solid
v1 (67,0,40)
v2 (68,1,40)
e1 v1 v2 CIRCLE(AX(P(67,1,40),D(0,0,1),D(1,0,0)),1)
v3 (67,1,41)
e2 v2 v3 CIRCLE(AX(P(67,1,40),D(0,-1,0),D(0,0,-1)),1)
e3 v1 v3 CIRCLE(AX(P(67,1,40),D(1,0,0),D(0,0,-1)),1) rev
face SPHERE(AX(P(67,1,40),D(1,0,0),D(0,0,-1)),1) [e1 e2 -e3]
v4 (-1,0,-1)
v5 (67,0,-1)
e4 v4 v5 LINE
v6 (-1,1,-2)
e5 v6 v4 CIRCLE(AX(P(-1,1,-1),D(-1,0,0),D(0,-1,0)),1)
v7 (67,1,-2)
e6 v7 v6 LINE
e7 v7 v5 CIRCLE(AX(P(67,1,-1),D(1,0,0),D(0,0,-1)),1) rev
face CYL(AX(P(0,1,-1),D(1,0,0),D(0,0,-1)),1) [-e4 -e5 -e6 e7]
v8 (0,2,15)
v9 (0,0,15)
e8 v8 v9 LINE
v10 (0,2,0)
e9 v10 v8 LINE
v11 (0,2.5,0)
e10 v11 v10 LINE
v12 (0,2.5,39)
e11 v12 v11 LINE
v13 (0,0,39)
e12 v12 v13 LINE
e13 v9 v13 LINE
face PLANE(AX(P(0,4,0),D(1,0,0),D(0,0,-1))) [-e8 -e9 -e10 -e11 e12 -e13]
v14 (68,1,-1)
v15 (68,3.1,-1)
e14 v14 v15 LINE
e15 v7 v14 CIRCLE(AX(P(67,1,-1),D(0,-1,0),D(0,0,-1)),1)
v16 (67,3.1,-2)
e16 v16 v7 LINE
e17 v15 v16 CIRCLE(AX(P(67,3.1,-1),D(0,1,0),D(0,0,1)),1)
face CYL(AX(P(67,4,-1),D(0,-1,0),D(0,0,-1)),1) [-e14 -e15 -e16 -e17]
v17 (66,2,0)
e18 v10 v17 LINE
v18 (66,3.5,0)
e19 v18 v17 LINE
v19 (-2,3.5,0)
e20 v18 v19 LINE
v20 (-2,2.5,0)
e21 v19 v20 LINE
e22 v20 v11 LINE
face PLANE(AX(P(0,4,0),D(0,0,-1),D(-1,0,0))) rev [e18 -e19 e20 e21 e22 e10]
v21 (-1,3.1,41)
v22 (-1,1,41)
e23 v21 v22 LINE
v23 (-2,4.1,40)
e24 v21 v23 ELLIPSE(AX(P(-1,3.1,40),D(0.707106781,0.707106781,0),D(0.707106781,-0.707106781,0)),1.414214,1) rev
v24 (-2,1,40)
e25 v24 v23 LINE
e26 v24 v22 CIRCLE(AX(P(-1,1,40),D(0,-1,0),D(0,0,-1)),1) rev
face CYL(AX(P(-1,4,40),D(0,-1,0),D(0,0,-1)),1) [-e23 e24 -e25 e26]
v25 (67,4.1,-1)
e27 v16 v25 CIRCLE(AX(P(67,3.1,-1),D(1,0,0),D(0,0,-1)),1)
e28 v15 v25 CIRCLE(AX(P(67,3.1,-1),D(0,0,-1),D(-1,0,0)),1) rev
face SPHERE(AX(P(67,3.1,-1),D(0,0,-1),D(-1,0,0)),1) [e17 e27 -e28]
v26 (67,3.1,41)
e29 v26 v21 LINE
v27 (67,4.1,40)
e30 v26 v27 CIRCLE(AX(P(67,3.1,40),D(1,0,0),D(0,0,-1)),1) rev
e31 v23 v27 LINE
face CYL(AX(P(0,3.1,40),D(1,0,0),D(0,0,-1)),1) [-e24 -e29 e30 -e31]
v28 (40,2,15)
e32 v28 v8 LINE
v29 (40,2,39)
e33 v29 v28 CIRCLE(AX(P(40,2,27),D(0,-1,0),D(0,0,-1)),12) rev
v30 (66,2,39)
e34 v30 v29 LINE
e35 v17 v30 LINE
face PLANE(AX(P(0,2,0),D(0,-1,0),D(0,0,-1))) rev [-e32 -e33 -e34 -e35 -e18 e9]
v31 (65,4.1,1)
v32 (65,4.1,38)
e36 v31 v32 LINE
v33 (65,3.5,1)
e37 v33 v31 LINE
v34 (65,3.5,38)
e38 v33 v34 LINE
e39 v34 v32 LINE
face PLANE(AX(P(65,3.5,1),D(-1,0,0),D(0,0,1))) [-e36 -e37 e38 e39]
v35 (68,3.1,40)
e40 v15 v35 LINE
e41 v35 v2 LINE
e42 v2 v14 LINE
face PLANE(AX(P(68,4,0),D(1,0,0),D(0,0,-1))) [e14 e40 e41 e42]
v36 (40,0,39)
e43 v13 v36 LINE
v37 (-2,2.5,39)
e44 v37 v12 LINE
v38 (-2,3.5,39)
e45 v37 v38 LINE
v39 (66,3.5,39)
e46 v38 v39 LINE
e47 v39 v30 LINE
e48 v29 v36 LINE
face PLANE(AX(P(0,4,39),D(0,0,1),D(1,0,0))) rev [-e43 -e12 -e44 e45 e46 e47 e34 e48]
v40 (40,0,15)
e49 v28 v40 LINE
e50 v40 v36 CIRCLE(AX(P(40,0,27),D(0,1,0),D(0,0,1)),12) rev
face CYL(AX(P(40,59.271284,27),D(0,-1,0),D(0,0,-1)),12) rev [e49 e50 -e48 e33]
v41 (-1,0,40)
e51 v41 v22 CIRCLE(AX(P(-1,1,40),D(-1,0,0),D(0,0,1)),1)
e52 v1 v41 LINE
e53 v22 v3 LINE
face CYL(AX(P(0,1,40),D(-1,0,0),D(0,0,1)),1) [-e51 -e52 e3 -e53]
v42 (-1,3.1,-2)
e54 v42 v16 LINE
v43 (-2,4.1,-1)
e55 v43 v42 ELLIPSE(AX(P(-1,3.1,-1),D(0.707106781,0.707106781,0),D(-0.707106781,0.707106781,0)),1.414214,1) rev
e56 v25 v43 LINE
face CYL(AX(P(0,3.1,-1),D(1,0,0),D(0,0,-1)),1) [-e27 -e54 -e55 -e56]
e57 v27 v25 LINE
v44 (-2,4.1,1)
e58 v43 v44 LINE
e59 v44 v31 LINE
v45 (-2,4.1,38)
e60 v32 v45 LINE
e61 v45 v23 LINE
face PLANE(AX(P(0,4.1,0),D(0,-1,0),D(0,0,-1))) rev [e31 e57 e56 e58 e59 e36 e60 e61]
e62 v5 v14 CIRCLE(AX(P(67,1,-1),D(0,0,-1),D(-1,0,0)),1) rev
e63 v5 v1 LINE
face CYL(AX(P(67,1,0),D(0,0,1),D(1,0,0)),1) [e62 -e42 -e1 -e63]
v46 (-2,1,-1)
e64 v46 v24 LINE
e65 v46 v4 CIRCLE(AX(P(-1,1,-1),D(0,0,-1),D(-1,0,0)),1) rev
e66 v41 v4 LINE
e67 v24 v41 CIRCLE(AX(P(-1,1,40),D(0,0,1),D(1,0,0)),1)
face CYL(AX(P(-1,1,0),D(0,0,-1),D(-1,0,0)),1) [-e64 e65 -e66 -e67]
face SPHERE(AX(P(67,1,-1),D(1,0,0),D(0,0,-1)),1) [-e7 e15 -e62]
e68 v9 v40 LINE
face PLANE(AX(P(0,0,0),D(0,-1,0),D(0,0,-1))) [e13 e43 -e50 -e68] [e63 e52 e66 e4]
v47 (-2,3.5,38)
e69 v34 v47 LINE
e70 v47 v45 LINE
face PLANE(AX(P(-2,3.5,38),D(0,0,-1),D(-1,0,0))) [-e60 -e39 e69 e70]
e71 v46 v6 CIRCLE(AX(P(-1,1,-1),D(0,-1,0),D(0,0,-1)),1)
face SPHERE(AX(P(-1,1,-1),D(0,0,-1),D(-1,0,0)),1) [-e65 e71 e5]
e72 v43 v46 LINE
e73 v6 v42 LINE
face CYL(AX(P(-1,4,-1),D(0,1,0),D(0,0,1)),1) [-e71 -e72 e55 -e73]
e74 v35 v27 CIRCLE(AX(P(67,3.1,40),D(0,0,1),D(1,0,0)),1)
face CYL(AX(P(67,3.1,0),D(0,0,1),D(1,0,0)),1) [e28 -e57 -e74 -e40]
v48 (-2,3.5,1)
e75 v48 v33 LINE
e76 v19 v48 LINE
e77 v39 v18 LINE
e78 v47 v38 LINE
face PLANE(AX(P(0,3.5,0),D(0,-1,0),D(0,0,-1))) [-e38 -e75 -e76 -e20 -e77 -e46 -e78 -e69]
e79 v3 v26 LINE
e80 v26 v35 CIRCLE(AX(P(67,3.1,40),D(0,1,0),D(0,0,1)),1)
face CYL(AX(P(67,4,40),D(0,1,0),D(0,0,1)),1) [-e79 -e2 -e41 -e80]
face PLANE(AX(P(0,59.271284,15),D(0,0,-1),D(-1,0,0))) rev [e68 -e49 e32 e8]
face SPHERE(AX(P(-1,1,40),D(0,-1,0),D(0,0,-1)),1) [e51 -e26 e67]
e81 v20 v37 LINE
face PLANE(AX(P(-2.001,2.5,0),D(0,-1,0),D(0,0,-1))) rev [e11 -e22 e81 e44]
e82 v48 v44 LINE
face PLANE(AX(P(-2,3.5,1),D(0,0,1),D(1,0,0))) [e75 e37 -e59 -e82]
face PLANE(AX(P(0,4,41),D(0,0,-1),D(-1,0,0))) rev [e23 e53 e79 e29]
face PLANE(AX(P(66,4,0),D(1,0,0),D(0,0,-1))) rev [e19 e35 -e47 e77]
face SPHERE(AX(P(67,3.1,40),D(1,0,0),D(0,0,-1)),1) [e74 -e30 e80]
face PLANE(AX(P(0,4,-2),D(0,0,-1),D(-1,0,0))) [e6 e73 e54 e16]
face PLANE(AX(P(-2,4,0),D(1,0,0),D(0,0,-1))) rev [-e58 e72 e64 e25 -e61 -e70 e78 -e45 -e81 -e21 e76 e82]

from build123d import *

# Parameters (mm, degrees)
BOSS_EXTRUDE1_DEPTH = 2
SKETCH1_3_W         = 70
SKETCH1_3_H         = 43
BOSS_EXTRUDE2_DEPTH = 4
SKETCH1_5_W         = 40
SKETCH1_5_H         = 24
CUT_EXTRUDE4_DEPTH  = 2
CUT_EXTRUDE5_REACH  = 81.505
SKETCH2_W           = 39
SKETCH2_H           = 1.5
BOSS_EXTRUDE3_START = -0.5
BOSS_EXTRUDE3_DEPTH = 0.6
FILLET1_R           = 1


with BuildPart() as part:
    # Sketch1 → Boss-Extrude1 (new body)
    with BuildSketch(Plane(origin=(0, 0, 0), x_dir=(1, 0, 0), z_dir=(0, 1, 0))):
        Polygon((0, 0), (64, 0), (66, 0), (66, -1), (66, -38), (66, -39), (64, -39), (0, -39), align=None)
    extrude(amount=BOSS_EXTRUDE1_DEPTH)

    # Sketch1<3> → Boss-Extrude2 (add)
    with BuildSketch(Plane(origin=(0, 0, 0), x_dir=(1, 0, 0), z_dir=(0, 1, 0))):
        with Locations((33, -19.5)):
            Rectangle(SKETCH1_3_W, SKETCH1_3_H)
        Polygon((0, 0), (64, 0), (66, 0), (66, -1), (66, -38), (66, -39), (64, -39), (0, -39), align=None, mode=Mode.SUBTRACT)
    extrude(amount=BOSS_EXTRUDE2_DEPTH)

    # Sketch1<5> → Cut-Extrude4 (cut)
    with BuildSketch(Plane(origin=(0, 0, 0), x_dir=(1, 0, 0), z_dir=(0, 1, 0))):
        with Locations((20, -27)):
            Rectangle(SKETCH1_5_W, SKETCH1_5_H)
        with BuildLine():
            ThreePointArc((40, -15), (52, -27), (40, -39))
            Line((40, -39), (40, -15))
        make_face()
    extrude(amount=CUT_EXTRUDE4_DEPTH, mode=Mode.SUBTRACT)

    # Sketch2 → Cut-Extrude5 (cut, up to next)
    with BuildSketch(Plane(origin=(0, 0, 0), x_dir=(0, 0, -1), z_dir=(1, 0, 0)), mode=Mode.PRIVATE) as cut_extrude5_sk1:
        with Locations((-19.5, 3.25)):
            Rectangle(SKETCH2_W, SKETCH2_H)
    cut_extrude5_tool1 = extrude(cut_extrude5_sk1.sketch, amount=-CUT_EXTRUDE5_REACH, mode=Mode.PRIVATE) & part.part
    add(cut_extrude5_tool1.solids().sort_by_distance((0, 3.25, 19.5))[0], mode=Mode.SUBTRACT)

    # Sketch3 → Boss-Extrude3 (add)
    with BuildSketch(Plane(origin=(0, 4, 0), x_dir=(1, 0, 0), z_dir=(0, 1, 0)).offset(BOSS_EXTRUDE3_START)):
        Polygon((-2, -41), (68, -41), (68, 2), (-2, 2), (-2, -1), (65, -1), (65, -38), (-2, -38), align=None)
    extrude(amount=BOSS_EXTRUDE3_DEPTH)

    # Fillet1
    fillet1_edges = [part.edges().sort_by_distance(p)[0] for p in [
        (68, 2.05, -2),
        (-2, 0, 19.5),
        (-2, 2.05, -2),
        (33, 0, 41),
        (-2, 2.05, 41),
        (68, 2.05, 41),
        (33, 0, -2),
        (68, 0, 19.5),
        (33, 4.1, 41),
        (68, 4.1, 19.5),
        (33, 4.1, -2),
    ]]
    fillet(fillet1_edges, radius=FILLET1_R)


solid = part.part
